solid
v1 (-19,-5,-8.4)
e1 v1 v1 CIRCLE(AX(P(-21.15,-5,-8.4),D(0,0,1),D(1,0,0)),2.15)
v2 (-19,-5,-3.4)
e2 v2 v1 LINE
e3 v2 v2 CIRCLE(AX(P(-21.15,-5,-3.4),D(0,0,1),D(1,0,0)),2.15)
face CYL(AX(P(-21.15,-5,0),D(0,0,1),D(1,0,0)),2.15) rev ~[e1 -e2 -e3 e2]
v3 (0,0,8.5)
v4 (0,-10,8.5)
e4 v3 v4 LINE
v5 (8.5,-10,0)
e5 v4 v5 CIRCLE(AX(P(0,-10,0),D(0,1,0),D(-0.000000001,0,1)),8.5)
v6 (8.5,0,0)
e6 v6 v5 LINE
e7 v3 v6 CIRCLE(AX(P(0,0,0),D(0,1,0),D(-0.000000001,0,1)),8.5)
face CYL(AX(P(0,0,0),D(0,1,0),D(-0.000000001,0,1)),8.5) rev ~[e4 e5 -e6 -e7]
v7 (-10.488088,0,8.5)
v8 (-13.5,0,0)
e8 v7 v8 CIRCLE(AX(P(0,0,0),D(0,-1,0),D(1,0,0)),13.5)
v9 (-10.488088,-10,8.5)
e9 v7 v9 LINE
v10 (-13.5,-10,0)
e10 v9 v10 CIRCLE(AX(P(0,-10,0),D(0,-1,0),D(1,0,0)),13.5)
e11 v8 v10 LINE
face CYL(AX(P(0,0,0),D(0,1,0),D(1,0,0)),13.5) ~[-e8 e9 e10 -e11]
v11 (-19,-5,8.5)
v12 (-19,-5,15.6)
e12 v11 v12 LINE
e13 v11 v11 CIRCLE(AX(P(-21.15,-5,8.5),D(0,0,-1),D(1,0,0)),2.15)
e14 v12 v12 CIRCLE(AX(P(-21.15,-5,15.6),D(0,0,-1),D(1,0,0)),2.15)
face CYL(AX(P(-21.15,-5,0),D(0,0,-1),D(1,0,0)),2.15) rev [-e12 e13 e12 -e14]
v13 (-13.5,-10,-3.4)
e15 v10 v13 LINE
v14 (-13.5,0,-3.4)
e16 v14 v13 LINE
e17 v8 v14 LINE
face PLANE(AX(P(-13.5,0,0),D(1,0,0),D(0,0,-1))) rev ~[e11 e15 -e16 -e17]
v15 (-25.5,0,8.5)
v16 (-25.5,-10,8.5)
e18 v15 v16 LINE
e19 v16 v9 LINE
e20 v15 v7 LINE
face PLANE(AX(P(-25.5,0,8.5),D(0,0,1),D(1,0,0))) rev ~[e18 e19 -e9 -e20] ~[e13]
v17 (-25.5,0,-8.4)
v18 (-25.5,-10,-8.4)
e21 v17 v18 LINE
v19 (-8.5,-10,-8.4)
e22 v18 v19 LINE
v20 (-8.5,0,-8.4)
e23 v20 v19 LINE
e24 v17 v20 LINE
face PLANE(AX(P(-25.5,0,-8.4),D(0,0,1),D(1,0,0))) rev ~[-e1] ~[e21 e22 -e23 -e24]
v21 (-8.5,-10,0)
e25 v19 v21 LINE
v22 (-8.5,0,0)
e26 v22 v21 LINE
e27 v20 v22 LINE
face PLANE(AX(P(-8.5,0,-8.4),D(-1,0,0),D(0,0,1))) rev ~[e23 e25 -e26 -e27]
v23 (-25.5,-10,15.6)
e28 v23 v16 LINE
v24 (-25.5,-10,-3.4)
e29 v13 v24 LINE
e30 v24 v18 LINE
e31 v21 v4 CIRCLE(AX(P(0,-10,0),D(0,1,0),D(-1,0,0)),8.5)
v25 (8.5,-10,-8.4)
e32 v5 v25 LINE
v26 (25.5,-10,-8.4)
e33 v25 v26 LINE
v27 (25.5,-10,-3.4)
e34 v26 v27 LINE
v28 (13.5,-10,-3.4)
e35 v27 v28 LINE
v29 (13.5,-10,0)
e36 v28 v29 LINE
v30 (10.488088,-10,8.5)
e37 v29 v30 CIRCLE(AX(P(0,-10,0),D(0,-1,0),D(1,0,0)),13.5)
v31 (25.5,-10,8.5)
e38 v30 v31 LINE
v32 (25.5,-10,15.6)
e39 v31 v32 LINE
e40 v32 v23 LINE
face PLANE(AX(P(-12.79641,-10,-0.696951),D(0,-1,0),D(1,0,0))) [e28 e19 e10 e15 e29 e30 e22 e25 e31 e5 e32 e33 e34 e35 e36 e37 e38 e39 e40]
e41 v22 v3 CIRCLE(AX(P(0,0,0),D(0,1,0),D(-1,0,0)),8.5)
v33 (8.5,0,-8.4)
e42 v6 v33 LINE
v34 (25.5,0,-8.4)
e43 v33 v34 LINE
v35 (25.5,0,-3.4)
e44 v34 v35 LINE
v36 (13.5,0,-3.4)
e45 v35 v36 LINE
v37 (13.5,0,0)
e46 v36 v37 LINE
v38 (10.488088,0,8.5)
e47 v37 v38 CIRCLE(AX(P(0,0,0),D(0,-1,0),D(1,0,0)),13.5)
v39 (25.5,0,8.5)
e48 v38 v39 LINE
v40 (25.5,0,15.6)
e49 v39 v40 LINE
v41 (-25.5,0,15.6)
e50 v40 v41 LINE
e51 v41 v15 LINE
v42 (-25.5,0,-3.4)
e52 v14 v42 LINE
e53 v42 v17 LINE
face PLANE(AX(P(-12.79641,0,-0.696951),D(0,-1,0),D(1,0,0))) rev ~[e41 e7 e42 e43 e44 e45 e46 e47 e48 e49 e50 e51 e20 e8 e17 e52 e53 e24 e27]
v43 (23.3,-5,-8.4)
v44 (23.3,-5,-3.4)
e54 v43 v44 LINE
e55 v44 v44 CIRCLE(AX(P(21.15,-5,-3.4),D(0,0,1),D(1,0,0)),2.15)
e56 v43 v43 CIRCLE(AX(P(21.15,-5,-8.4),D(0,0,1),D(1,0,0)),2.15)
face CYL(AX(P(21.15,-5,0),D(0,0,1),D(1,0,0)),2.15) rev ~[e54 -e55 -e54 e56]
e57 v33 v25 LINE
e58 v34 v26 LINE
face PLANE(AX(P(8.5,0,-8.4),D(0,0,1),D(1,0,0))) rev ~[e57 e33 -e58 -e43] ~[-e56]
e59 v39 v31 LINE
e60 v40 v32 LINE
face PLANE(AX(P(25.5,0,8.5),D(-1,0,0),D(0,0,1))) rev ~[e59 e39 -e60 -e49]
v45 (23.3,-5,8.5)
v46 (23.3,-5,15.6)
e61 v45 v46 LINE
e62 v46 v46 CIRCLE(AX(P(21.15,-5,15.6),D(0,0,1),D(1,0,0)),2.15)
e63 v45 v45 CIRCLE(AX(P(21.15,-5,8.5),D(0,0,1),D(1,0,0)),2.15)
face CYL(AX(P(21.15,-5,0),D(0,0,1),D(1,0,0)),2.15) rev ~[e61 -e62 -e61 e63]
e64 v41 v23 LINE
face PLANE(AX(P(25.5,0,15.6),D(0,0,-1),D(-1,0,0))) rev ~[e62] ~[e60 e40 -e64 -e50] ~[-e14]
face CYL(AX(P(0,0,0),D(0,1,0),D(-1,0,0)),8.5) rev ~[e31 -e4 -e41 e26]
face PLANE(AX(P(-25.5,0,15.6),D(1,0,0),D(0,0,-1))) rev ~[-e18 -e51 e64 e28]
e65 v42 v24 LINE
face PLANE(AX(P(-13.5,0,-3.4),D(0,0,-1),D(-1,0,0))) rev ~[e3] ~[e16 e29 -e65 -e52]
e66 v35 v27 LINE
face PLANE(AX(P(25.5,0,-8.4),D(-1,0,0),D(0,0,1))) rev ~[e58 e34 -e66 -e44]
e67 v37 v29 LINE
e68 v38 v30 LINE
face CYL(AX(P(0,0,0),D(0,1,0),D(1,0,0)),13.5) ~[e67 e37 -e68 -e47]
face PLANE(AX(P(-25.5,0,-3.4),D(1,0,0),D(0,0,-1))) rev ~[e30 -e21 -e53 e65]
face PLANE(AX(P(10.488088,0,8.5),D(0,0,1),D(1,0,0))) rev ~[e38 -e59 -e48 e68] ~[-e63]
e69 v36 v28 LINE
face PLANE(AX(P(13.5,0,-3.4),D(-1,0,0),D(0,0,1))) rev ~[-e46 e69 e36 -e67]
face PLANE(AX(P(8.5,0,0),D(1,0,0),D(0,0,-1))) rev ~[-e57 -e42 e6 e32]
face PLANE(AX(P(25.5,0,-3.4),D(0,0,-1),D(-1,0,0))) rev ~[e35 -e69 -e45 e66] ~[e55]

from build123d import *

# Parameters (mm, degrees)
F2_DEPTH = 10
F3_R     = 2.15
F4_DEPTH = 25


with BuildPart() as f2:
    # F1 (on Front) → F2 (new body)
    with BuildSketch(Plane.XZ):
        with BuildLine():
            Line((-25.5, -3.4), (-25.5, -8.4))
            Line((-25.5, -8.4), (-8.5, -8.4))
            Line((-8.5, -8.4), (-8.5, 0))
            ThreePointArc((-8.5, 0), (-6.0104076434, 6.0104076368), (-9.4e-09, 8.5))
            Line((-9.4e-09, 8.5), (-10.4880884817, 8.5))
            ThreePointArc((-10.4880884817, 8.5), (-12.7247631511, 4.5089247885), (-13.5, 0))
            Line((-13.5, 0), (-13.5, -3.4))
            Line((-13.5, -3.4), (-25.5, -3.4))
        make_face()
        with BuildLine():
            Line((10.4880884817, 8.5), (-9.4e-09, 8.5))
            ThreePointArc((-9.4e-09, 8.5), (6.0104076368, 6.0104076434), (8.5, 0))
            Line((8.5, 0), (8.5, -8.4))
            Line((8.5, -8.4), (25.5, -8.4))
            Line((25.5, -8.4), (25.5, -3.4))
            Line((25.5, -3.4), (13.5, -3.4))
            Line((13.5, -3.4), (13.5, 0))
            ThreePointArc((13.5, 0), (12.7247631511, 4.5089247885), (10.4880884817, 8.5))
        make_face()
        with BuildLine():
            Line((-10.4880884817, 8.5), (-9.4e-09, 8.5))
            Line((-9.4e-09, 8.5), (10.4880884817, 8.5))
            ThreePointArc((10.4880884817, 8.5), (0, 13.5), (-10.4880884817, 8.5))
        make_face()
        with BuildLine():
            Line((-25.5, 8.5), (-10.4880884817, 8.5))
            ThreePointArc((-10.4880884817, 8.5), (0, 13.5), (10.4880884817, 8.5))
            Line((10.4880884817, 8.5), (25.5, 8.5))
            Line((25.5, 8.5), (25.5, 15.6))
            Line((25.5, 15.6), (-25.5, 15.6))
            Line((-25.5, 15.6), (-25.5, 8.5))
        make_face()
    extrude(amount=F2_DEPTH)

    # F3 (on Top) → F4 (cut, symmetric)
    with BuildSketch(Plane.XY):
        with Locations((-21.15, -5)):
            Circle(F3_R)
        with Locations((21.15, -5)):
            Circle(F3_R)
    extrude(amount=F4_DEPTH, both=True, mode=Mode.SUBTRACT)


solid = f2.part
